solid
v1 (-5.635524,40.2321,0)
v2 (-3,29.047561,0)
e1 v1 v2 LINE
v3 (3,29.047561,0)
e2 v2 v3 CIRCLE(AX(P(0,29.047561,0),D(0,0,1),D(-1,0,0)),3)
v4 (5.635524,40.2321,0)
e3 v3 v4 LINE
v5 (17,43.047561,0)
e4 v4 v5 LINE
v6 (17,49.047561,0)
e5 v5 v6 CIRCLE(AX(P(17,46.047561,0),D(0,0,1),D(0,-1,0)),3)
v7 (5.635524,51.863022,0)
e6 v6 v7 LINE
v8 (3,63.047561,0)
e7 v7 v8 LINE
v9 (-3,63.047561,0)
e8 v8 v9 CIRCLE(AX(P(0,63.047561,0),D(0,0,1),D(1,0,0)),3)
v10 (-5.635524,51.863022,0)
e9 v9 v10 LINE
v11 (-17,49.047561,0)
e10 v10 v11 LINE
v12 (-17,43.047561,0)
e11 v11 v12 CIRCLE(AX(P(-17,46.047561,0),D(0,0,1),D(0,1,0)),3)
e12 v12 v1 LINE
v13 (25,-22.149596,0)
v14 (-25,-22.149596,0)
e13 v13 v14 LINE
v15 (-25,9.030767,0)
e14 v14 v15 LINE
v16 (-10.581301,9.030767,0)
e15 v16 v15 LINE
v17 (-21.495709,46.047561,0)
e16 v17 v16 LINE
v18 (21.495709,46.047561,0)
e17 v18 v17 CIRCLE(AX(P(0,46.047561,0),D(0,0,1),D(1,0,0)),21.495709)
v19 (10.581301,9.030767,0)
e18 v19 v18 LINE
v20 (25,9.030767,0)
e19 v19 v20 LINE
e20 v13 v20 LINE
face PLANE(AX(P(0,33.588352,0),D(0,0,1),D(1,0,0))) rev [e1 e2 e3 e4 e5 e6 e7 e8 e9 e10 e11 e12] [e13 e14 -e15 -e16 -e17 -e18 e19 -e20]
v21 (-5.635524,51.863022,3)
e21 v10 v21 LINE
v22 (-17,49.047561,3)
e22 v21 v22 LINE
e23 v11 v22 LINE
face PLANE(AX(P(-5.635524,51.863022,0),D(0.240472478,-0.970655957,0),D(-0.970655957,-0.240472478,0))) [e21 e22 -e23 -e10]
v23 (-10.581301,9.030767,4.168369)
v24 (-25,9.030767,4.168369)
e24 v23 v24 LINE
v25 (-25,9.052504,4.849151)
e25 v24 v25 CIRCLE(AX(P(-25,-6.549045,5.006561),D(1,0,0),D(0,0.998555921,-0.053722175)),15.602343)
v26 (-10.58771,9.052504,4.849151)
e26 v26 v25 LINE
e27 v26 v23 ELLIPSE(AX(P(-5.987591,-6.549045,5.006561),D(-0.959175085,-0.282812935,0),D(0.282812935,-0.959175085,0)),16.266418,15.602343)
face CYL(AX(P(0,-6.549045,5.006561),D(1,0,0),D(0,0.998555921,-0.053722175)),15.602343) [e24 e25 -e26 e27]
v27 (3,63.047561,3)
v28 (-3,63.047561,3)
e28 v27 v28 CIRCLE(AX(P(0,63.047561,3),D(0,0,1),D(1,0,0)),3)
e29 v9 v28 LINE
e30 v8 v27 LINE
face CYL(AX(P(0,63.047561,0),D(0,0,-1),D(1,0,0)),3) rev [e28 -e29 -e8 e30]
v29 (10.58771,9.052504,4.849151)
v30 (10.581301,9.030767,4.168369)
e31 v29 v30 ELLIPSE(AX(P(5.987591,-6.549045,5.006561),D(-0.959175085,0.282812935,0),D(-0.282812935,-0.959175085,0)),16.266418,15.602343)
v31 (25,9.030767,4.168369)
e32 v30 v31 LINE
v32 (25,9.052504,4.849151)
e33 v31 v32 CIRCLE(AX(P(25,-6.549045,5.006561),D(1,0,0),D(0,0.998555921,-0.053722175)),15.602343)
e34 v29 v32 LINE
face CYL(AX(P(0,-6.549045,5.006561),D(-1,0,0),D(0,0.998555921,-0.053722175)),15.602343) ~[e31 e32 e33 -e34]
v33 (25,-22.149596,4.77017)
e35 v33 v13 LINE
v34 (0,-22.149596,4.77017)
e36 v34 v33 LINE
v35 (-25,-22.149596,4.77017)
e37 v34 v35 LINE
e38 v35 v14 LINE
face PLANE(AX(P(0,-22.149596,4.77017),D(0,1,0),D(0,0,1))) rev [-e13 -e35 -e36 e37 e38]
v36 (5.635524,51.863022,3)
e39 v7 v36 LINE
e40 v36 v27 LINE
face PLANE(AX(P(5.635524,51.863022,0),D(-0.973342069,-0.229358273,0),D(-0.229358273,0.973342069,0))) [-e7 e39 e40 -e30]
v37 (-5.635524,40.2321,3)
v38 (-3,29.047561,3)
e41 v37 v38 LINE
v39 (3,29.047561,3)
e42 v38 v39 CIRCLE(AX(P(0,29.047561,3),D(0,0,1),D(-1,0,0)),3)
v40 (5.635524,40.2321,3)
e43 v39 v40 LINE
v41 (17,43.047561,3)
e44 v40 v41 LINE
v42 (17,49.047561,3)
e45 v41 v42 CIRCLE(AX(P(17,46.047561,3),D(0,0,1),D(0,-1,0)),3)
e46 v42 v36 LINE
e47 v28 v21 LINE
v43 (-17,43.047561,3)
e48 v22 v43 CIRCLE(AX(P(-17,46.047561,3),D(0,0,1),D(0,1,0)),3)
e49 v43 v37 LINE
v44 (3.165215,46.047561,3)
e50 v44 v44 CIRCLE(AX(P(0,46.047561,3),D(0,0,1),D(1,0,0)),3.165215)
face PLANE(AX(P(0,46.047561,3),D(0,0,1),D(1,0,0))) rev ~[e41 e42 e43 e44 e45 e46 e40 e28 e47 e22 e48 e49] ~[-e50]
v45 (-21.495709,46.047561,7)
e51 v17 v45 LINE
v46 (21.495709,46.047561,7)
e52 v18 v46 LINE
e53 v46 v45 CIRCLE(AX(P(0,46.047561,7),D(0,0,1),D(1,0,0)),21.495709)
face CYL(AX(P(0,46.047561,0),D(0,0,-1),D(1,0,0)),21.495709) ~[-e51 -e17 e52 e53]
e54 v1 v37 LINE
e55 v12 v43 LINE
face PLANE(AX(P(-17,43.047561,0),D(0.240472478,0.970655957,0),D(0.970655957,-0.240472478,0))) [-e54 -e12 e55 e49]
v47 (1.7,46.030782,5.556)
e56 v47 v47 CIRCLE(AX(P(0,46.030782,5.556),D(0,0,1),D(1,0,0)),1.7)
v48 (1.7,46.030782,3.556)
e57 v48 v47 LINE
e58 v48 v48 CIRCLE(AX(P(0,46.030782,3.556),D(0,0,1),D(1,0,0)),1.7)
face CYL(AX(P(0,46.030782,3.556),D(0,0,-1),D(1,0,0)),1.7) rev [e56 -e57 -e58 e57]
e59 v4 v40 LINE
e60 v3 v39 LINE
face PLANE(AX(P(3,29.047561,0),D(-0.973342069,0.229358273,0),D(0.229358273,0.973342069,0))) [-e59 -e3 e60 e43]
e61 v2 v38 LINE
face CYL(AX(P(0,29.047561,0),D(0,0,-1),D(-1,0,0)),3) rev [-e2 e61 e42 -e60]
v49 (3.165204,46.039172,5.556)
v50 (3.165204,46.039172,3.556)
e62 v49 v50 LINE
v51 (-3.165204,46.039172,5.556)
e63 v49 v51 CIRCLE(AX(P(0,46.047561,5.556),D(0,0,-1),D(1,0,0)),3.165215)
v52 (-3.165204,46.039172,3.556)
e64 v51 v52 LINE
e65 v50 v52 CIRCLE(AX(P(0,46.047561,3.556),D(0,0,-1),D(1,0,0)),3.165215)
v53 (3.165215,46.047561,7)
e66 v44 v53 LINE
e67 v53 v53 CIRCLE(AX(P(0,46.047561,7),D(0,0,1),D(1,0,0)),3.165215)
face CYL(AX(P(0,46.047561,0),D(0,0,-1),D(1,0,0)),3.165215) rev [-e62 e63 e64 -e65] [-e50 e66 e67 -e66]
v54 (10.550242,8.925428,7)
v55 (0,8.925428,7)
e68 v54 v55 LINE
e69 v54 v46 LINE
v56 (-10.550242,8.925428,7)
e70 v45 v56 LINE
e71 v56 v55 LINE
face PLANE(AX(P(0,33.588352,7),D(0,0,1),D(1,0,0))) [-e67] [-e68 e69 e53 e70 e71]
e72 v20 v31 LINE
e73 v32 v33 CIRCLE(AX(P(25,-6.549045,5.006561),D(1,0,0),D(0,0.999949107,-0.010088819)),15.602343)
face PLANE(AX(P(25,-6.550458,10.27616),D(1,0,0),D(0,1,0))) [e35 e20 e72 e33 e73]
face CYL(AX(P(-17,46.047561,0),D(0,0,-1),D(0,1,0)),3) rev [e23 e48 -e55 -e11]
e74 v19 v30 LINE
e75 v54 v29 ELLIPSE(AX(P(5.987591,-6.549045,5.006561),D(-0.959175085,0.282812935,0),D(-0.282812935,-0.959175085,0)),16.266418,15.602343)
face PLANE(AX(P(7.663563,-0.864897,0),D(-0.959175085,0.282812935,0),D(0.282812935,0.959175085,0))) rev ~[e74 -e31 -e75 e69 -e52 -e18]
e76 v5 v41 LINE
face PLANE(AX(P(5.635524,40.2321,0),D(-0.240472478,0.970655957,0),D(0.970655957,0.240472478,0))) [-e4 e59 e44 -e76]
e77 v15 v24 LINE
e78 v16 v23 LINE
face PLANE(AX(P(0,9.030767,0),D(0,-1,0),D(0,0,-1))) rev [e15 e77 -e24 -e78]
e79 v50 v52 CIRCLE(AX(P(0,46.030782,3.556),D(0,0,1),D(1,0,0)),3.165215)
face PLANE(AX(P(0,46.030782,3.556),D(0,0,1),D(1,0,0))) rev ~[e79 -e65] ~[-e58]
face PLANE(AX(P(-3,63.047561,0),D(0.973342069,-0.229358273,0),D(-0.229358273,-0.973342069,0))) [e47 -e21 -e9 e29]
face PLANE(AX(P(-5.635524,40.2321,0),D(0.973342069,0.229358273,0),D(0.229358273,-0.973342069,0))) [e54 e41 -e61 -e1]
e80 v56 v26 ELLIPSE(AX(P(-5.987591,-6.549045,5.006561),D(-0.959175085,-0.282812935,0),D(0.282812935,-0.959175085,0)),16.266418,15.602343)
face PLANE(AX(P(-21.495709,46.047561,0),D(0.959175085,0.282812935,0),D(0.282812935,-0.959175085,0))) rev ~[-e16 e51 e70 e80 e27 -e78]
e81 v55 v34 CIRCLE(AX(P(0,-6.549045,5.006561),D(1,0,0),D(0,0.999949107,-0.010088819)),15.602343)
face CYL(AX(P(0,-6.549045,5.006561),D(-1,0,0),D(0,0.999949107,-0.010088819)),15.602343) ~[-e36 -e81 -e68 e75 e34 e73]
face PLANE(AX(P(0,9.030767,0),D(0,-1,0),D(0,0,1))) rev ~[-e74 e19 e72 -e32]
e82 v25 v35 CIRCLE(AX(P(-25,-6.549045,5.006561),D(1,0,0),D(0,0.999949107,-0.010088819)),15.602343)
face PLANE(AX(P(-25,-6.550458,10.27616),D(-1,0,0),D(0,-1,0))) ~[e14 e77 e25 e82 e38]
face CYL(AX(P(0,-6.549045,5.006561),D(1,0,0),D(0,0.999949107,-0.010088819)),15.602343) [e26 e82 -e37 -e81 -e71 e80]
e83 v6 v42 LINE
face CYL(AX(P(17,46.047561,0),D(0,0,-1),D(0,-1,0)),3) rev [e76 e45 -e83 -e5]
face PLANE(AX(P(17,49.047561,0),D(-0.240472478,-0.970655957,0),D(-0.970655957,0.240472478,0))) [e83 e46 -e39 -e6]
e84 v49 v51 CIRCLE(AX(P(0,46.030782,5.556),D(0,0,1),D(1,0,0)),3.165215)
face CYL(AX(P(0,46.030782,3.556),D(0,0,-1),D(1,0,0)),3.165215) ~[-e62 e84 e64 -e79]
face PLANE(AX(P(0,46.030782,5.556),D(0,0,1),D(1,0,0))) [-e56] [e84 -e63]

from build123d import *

# Parameters (mm, degrees)
F0_R     = 3.1652149855
F1_DEPTH = 7
F3_DEPTH = 25
F5_DEPTH = 3
F7_R     = 3.1652149855
F7_R_2   = 1.7
F8_DEPTH = 2


with BuildPart() as f1:
    # F0 (on Top) → F1 (new body)
    with BuildSketch(Plane.XY):
        with BuildLine():
            Line((7.6635631778, -0.8648966905), (21.4957091957, 46.0475608706))
            ThreePointArc((21.4957091957, 46.0475608706), (0, 67.5432700664), (-21.4957091957, 46.0475608706))
            Line((-21.4957091957, 46.0475608706), (-7.6635631778, -0.8648966905))
            Line((-7.6635631778, -0.8648966905), (7.6635631778, -0.8648966905))
        make_face()
        with BuildLine():
            ThreePointArc((17, 49.0475608706), (20, 46.0475608706), (17, 43.0475608706))
            Line((17, 43.0475608706), (5.6355242597, 40.232100229))
            Line((5.6355242597, 40.232100229), (3, 29.0475608706))
            ThreePointArc((3, 29.0475608706), (0, 26.0475608706), (-3, 29.0475608706))
            Line((-3, 29.0475608706), (-5.6355242597, 40.232100229))
            Line((-5.6355242597, 40.232100229), (-17, 43.0475608706))
            ThreePointArc((-17, 43.0475608706), (-20, 46.0475608706), (-17, 49.0475608706))
            Line((-17, 49.0475608706), (-5.6355242597, 51.8630215122))
            Line((-5.6355242597, 51.8630215122), (-3, 63.0475608706))
            ThreePointArc((-3, 63.0475608706), (0, 66.0475608706), (3, 63.0475608706))
            Line((3, 63.0475608706), (5.6355242597, 51.8630215122))
            Line((5.6355242597, 51.8630215122), (17, 49.0475608706))
        make_face(mode=Mode.SUBTRACT)
        with BuildLine():
            Line((5.6355242597, 40.232100229), (17, 43.0475608706))
            ThreePointArc((17, 43.0475608706), (20, 46.0475608706), (17, 49.0475608706))
            Line((17, 49.0475608706), (5.6355242597, 51.8630215122))
            Line((5.6355242597, 51.8630215122), (3, 63.0475608706))
            ThreePointArc((3, 63.0475608706), (0, 66.0475608706), (-3, 63.0475608706))
            Line((-3, 63.0475608706), (-5.6355242597, 51.8630215122))
            Line((-5.6355242597, 51.8630215122), (-17, 49.0475608706))
            ThreePointArc((-17, 49.0475608706), (-20, 46.0475608706), (-17, 43.0475608706))
            Line((-17, 43.0475608706), (-5.6355242597, 40.232100229))
            Line((-5.6355242597, 40.232100229), (-3, 29.0475608706))
            ThreePointArc((-3, 29.0475608706), (0, 26.0475608706), (3, 29.0475608706))
            Line((3, 29.0475608706), (5.6355242597, 40.232100229))
        make_face()
        with Locations((0, 46.0475608706)):
            Circle(F0_R, mode=Mode.SUBTRACT)
    extrude(amount=F1_DEPTH)

    # F2 (on Right) → F3 (join)
    with BuildSketch(Plane.YZ):
        with BuildLine():
            Line((-22.1495963633, 4.7701704316), (9.0307667851, 4.7701704316))
            ThreePointArc((9.0307667851, 4.7701704316), (9.0416852427, 4.809647179), (9.0525037393, 4.8491514374))
            ThreePointArc((9.0525037393, 4.8491514374), (-6.5885383667, 20.6088531813), (-22.1495963633, 4.7701704316))
        make_face()
        Polygon((9.0307667851, 4.168368876), (9.0307667851, 4.7701704316), (-22.1495963633, 4.7701704316), (-22.1495963633, 0), (9.0307667851, 0), align=None)
        with BuildLine():
            ThreePointArc((9.0525037393, 4.8491514374), (9.0416852427, 4.809647179), (9.0307667851, 4.7701704316))
            Line((9.0307667851, 4.7701704316), (9.0307667851, 4.168368876))
            ThreePointArc((9.0307667851, 4.168368876), (9.0453507005, 4.5086415251), (9.0525037393, 4.8491514374))
        make_face()
    extrude(amount=F3_DEPTH)

    # F4: F1 across plane


with BuildPart() as f1_1:
    add(f1.part)
    add(f1.part.mirror(Plane.YZ))

    # F0 (on Top) → F5 (cut)
    with BuildSketch(Plane.XY):
        with BuildLine():
            Line((5.6355242597, 40.232100229), (17, 43.0475608706))
            ThreePointArc((17, 43.0475608706), (20, 46.0475608706), (17, 49.0475608706))
            Line((17, 49.0475608706), (5.6355242597, 51.8630215122))
            Line((5.6355242597, 51.8630215122), (3, 63.0475608706))
            ThreePointArc((3, 63.0475608706), (0, 66.0475608706), (-3, 63.0475608706))
            Line((-3, 63.0475608706), (-5.6355242597, 51.8630215122))
            Line((-5.6355242597, 51.8630215122), (-17, 49.0475608706))
            ThreePointArc((-17, 49.0475608706), (-20, 46.0475608706), (-17, 43.0475608706))
            Line((-17, 43.0475608706), (-5.6355242597, 40.232100229))
            Line((-5.6355242597, 40.232100229), (-3, 29.0475608706))
            ThreePointArc((-3, 29.0475608706), (0, 26.0475608706), (3, 29.0475608706))
            Line((3, 29.0475608706), (5.6355242597, 40.232100229))
        make_face()
        with Locations((0, 46.0475608706)):
            Circle(F0_R, mode=Mode.SUBTRACT)
    extrude(amount=F5_DEPTH, mode=Mode.SUBTRACT)

    # F7 (on offset) → F8 (join)
    with BuildSketch(Plane.XY.offset(3.556)):
        with Locations((0, 46.0307821631)):
            Circle(F7_R)
        with Locations((0, 46.0307821631)):
            Circle(F7_R_2, mode=Mode.SUBTRACT)
    extrude(amount=F8_DEPTH)


solid = f1_1.part
